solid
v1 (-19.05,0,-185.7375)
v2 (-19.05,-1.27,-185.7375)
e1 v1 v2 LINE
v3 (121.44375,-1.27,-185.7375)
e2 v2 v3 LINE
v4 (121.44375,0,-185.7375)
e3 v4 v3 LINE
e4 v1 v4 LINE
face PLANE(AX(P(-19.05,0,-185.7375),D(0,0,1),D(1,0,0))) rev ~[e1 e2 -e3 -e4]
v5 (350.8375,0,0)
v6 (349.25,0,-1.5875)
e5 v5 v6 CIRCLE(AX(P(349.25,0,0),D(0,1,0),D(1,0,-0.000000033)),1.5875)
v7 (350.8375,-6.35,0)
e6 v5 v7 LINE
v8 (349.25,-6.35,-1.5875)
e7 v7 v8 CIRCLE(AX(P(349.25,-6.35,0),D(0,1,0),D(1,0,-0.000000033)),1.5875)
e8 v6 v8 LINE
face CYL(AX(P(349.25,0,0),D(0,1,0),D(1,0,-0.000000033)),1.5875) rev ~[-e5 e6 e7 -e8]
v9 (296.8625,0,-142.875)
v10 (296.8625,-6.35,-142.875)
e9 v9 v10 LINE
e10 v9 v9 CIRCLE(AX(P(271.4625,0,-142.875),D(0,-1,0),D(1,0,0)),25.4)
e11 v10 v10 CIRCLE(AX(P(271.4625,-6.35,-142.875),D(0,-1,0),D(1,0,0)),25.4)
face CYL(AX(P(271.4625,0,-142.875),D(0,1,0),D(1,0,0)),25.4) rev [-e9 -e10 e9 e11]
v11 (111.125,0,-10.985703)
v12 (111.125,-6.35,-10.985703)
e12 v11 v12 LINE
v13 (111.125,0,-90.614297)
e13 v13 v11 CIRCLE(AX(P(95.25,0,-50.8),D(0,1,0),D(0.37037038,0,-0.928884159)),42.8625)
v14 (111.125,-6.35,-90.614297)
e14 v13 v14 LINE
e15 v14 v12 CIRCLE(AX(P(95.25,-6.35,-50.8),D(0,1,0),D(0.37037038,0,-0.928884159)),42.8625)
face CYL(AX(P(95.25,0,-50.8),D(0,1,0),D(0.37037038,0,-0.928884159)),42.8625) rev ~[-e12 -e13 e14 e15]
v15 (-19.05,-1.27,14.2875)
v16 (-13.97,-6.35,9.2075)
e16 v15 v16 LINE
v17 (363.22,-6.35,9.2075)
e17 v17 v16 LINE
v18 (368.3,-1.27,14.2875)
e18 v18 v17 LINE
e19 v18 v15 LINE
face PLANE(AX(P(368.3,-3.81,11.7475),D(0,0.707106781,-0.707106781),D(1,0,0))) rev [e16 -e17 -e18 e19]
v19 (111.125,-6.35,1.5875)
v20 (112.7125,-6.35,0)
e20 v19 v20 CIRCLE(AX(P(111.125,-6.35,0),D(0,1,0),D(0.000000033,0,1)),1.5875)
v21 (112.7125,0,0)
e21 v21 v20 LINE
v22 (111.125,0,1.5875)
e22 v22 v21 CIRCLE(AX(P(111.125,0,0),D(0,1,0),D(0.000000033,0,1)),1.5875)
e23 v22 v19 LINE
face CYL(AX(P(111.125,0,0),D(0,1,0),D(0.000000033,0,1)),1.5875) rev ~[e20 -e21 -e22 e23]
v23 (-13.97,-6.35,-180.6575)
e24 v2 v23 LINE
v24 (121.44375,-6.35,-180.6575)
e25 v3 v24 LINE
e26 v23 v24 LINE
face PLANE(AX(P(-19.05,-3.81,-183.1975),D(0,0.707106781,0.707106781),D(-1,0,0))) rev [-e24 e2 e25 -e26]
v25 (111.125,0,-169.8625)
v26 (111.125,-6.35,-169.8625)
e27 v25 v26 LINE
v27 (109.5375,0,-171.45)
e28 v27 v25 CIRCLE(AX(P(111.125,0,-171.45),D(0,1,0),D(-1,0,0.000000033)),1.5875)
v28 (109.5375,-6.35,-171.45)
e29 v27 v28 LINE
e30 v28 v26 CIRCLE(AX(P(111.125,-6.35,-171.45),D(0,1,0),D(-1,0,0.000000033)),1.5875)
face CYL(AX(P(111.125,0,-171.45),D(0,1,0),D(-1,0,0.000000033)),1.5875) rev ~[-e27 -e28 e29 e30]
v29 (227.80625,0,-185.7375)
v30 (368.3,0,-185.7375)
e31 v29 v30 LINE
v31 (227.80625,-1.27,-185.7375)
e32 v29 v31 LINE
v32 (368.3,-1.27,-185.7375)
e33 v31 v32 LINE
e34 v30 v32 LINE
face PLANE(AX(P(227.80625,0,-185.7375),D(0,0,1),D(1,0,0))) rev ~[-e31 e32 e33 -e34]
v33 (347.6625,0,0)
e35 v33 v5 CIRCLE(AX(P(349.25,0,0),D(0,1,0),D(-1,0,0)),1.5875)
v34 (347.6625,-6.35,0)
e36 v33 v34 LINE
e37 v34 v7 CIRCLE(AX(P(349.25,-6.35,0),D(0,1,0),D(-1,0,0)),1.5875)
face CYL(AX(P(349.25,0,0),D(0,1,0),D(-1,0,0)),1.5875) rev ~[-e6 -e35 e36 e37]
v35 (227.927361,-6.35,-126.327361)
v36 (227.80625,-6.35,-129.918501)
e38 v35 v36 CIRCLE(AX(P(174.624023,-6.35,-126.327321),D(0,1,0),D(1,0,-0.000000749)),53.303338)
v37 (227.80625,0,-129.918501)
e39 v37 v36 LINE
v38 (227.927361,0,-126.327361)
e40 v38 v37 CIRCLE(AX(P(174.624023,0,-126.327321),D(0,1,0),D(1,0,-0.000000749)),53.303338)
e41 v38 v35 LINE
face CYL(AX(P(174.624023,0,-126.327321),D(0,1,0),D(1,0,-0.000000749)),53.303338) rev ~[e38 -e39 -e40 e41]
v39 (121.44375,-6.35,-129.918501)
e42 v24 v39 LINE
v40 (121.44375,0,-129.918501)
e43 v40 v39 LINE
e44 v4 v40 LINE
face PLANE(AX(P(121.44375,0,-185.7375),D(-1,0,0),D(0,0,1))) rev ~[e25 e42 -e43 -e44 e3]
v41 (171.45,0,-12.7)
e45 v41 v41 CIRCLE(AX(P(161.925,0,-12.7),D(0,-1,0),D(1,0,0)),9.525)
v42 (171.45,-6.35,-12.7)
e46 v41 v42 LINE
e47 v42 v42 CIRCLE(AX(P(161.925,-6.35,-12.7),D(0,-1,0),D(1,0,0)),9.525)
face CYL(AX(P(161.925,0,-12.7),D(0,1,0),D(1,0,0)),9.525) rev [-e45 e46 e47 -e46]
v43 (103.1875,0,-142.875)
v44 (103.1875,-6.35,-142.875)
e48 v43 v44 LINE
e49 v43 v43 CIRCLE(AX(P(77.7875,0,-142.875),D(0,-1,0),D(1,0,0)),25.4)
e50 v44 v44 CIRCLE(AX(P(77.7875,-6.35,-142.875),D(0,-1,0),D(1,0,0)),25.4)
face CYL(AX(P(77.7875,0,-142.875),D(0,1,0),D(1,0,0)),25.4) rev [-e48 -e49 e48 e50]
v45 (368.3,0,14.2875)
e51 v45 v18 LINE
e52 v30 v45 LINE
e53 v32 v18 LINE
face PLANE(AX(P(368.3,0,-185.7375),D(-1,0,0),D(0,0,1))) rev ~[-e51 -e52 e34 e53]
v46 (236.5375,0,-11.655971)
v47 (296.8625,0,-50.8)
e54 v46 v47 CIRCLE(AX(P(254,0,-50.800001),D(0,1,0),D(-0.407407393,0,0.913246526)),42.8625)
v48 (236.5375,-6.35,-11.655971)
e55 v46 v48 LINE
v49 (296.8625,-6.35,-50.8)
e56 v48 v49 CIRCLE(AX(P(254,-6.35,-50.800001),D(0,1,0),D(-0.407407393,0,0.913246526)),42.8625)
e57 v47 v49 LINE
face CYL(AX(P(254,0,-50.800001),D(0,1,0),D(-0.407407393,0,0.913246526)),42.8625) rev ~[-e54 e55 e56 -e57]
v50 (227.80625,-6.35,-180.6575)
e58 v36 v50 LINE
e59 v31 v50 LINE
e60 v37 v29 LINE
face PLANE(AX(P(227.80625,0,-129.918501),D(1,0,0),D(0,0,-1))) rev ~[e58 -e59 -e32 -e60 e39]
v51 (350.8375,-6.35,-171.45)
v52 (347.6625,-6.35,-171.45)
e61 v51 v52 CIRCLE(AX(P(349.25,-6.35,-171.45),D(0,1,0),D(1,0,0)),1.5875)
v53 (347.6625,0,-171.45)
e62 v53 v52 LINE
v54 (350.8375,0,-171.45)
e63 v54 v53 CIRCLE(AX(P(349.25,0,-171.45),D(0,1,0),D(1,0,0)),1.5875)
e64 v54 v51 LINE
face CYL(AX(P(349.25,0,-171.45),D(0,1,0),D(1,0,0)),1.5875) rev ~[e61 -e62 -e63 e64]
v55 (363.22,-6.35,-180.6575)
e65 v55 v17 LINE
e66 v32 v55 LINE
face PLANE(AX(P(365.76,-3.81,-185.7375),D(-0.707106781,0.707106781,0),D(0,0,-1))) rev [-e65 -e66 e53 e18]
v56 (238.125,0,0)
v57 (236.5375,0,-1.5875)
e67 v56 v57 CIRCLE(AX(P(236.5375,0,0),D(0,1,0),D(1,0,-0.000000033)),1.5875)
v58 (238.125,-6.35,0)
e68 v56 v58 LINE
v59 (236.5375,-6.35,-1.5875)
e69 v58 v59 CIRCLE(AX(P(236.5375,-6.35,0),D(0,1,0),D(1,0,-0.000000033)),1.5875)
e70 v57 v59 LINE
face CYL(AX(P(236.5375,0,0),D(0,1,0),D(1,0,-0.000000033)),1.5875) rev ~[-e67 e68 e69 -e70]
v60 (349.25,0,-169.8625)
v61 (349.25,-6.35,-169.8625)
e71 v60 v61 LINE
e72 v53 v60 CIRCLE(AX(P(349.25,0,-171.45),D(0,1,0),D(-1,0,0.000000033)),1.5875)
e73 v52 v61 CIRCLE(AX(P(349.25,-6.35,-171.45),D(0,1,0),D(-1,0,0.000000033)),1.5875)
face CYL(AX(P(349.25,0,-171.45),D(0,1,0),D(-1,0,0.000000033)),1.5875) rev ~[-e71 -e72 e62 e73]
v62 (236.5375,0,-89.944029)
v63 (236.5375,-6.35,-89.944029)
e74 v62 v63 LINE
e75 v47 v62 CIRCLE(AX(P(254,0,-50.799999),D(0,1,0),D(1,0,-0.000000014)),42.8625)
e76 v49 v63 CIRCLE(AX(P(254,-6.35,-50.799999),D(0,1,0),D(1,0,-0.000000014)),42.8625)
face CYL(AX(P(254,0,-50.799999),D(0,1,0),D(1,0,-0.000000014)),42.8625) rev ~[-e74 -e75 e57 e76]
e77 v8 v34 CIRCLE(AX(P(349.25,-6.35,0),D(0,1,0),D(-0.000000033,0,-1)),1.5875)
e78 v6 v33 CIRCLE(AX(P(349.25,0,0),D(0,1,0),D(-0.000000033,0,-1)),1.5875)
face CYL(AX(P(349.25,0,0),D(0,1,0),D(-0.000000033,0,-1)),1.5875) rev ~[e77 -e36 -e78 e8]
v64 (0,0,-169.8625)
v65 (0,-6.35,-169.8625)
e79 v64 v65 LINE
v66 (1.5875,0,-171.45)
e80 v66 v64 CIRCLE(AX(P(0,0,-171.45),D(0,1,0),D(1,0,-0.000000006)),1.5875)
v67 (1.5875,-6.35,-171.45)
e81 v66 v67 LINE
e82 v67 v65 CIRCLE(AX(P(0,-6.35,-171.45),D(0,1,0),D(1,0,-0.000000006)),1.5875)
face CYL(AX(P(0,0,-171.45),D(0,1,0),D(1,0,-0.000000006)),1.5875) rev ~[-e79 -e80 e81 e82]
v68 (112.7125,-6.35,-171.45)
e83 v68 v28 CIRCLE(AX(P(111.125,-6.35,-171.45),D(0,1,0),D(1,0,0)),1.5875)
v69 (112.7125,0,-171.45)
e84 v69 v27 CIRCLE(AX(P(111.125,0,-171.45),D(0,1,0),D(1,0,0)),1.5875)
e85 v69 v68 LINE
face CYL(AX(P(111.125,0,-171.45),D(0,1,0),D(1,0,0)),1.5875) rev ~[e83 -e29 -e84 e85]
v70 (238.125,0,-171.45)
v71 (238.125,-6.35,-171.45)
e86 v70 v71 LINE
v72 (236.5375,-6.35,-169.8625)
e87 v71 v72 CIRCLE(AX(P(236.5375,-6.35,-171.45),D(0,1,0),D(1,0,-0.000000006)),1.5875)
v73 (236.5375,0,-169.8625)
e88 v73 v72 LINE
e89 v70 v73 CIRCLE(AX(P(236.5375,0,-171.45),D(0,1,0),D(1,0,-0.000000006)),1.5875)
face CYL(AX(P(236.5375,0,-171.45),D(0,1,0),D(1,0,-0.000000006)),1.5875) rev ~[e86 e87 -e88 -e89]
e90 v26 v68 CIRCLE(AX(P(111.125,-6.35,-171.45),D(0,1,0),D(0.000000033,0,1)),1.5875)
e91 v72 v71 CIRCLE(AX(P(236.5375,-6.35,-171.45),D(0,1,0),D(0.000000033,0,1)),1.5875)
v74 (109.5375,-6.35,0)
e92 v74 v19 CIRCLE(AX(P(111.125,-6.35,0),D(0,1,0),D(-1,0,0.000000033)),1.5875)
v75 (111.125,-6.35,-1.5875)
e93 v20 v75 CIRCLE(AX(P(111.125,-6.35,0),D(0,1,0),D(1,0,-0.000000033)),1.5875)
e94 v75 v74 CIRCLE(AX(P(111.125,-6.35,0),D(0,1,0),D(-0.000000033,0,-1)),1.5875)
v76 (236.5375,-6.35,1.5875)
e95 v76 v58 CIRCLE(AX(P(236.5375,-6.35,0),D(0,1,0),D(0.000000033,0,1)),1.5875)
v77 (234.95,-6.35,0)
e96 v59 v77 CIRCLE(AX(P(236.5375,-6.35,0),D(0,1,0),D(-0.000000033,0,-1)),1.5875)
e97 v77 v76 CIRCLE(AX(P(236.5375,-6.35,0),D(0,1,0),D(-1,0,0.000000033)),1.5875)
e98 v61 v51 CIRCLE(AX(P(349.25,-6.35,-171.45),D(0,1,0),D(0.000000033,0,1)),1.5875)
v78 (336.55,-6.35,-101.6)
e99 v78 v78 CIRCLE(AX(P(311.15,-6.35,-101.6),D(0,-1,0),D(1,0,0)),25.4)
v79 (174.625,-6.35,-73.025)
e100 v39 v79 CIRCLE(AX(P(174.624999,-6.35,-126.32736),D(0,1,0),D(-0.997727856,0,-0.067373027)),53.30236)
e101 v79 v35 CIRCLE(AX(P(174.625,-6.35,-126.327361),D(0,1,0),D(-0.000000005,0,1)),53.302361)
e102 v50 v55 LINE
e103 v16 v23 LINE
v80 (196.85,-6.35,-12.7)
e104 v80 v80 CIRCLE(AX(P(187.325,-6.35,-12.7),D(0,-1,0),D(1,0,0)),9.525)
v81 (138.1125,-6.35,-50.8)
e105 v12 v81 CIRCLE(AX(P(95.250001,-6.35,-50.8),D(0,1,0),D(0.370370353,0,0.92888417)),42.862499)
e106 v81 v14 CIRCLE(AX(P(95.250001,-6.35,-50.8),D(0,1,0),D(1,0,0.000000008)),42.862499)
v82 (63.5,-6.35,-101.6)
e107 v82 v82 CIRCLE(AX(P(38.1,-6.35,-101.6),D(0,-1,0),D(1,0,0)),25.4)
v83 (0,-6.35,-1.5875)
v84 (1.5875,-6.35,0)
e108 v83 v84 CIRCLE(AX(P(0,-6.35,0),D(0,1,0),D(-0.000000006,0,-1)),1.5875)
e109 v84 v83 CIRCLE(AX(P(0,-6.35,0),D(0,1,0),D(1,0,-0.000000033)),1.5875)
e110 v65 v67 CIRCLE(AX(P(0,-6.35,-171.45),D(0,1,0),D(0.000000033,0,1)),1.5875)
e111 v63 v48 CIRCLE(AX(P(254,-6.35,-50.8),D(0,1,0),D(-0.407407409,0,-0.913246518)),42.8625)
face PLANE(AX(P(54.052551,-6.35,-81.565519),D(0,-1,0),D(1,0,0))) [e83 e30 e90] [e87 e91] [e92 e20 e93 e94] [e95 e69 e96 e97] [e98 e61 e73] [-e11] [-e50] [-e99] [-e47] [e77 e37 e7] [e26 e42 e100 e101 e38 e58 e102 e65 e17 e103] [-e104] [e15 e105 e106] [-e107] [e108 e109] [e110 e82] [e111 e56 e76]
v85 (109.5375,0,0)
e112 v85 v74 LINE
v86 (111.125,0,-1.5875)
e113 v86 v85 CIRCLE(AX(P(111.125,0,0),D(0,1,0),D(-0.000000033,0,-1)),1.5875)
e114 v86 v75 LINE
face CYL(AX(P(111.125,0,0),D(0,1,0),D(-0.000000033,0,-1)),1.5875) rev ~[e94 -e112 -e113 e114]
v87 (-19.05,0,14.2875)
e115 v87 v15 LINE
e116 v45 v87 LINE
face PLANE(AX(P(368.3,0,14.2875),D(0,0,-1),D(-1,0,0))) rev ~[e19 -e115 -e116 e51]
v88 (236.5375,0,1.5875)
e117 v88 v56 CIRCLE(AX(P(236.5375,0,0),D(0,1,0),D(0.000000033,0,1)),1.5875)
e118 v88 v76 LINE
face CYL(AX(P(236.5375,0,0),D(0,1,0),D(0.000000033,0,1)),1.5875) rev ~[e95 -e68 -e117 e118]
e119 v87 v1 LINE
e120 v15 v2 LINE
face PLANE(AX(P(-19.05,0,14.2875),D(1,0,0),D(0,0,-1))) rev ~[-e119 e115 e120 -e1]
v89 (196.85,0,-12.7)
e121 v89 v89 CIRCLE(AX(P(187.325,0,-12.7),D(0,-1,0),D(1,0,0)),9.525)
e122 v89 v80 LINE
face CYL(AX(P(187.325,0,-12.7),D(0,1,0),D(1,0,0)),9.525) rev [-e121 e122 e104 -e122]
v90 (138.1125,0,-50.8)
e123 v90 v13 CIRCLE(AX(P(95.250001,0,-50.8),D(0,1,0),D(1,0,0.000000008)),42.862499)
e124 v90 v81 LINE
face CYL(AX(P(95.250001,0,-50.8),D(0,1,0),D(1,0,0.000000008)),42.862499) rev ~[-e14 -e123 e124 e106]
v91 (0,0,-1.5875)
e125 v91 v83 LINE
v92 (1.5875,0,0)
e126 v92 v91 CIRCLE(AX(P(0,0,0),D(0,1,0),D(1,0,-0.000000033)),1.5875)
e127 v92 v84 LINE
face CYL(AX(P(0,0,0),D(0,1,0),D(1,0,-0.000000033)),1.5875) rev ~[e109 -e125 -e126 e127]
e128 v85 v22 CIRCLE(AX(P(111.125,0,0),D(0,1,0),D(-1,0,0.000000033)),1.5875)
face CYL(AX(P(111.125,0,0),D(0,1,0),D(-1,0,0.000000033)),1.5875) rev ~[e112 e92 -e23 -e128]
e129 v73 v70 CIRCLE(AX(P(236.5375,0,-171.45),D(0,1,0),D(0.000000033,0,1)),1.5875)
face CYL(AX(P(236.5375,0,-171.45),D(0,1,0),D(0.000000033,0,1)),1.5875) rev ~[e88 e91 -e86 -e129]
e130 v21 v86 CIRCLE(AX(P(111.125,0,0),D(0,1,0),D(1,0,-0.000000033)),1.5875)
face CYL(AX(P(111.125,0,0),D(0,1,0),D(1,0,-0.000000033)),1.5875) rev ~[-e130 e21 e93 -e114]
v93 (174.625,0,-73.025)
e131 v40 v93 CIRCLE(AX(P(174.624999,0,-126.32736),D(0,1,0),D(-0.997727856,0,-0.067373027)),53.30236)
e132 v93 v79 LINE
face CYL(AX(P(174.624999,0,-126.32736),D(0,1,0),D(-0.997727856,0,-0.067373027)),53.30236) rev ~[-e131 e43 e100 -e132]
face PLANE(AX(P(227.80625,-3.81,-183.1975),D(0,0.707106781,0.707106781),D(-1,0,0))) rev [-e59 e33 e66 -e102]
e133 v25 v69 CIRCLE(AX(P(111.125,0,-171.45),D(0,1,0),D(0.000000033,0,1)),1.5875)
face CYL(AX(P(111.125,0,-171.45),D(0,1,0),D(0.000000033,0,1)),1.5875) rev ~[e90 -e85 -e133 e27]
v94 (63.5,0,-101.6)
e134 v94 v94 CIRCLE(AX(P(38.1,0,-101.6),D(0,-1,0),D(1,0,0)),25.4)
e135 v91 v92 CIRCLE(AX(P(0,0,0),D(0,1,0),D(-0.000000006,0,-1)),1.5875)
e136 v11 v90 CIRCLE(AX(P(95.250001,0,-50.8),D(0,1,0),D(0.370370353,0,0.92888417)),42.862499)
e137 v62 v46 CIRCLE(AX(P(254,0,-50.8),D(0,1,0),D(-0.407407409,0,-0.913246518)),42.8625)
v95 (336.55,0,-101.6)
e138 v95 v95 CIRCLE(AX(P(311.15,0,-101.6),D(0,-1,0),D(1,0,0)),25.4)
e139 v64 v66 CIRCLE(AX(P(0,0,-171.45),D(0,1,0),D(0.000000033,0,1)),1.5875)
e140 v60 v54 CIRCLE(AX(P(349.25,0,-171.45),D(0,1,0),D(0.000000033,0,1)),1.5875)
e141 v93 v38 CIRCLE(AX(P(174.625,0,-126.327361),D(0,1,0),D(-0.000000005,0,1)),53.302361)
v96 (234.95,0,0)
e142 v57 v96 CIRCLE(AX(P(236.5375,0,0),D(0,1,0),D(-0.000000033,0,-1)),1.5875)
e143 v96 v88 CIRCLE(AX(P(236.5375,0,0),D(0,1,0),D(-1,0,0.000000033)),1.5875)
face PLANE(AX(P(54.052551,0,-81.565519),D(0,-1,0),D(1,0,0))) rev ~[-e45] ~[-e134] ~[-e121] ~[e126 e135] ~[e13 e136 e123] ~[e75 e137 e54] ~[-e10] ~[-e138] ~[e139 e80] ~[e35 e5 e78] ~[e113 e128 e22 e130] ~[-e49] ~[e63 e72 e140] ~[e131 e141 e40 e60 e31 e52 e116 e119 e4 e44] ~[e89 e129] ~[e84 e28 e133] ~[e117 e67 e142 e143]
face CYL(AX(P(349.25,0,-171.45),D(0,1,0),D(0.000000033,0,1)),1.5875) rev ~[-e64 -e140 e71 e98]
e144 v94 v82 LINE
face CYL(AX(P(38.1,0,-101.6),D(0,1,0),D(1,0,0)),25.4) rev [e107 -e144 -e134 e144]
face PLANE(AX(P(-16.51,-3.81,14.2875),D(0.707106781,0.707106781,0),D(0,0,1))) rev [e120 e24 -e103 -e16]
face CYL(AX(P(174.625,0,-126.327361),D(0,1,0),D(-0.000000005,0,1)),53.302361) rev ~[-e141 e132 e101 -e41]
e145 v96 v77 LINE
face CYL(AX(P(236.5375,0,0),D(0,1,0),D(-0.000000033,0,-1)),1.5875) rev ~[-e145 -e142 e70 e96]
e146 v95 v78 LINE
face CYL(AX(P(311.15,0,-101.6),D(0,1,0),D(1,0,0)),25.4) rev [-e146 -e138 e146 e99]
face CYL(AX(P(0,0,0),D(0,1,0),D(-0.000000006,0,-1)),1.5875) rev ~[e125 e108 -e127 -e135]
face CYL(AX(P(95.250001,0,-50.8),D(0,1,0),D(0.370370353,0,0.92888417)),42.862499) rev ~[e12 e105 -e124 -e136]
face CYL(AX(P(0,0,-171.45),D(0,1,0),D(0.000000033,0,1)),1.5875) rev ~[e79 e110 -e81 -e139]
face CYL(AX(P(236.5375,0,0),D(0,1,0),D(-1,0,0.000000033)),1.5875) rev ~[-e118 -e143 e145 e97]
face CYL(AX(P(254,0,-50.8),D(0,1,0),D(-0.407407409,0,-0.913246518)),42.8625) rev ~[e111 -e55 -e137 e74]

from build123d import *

# Parameters (mm, degrees)
F0_R     = 25.4
F0_R_2   = 9.525
F1_DEPTH = 6.35
F2_SIZE  = 5.08


with BuildPart() as f1:
    # F0 (on Front) → F1 (new body)
    with BuildSketch(Plane.XZ):
        with BuildLine():
            Line((109.5375, 0), (1.5875, 0))
            ThreePointArc((1.5875, 0), (1.122532, -1.122532), (0, -1.5875))
            Line((0, -1.5875), (0, -169.8625))
            ThreePointArc((0, -169.8625), (1.122532, -170.327468), (1.5875, -171.45))
            Line((1.5875, -171.45), (109.5375, -171.45))
            ThreePointArc((109.5375, -171.45), (110.002468, -170.327468), (111.125, -169.8625))
            Line((111.125, -169.8625), (111.125, -90.614297))
            ThreePointArc((111.125, -90.614297), (52.3875, -50.8), (111.125, -10.985703))
            Line((111.125, -10.985703), (111.125, -1.5875))
            ThreePointArc((111.125, -1.5875), (110.002468, -1.122532), (109.5375, 0))
        make_face()
        with Locations((77.7875, -142.875)):
            Circle(F0_R, mode=Mode.SUBTRACT)
        with Locations((38.1, -101.6)):
            Circle(F0_R, mode=Mode.SUBTRACT)
        with BuildLine():
            ThreePointArc((0, -1.5875), (-1.122532, 1.122532), (1.5875, 0))
            Line((1.5875, 0), (109.5375, 0))
            ThreePointArc((109.5375, 0), (110.002468, 1.122532), (111.125, 1.5875))
            Line((111.125, 1.5875), (111.125, 14.2875))
            Line((111.125, 14.2875), (-19.05, 14.2875))
            Line((-19.05, 14.2875), (-19.05, -185.7375))
            Line((-19.05, -185.7375), (121.44375, -185.7375))
            Line((121.44375, -185.7375), (121.44375, -129.918501))
            ThreePointArc((121.44375, -129.918501), (135.685573, -89.928697), (174.625, -73.025))
            Line((174.625, -73.025), (174.625, 0))
            Line((174.625, 0), (112.7125, 0))
            ThreePointArc((112.7125, 0), (112.247532, -1.122532), (111.125, -1.5875))
            Line((111.125, -1.5875), (111.125, -10.985703))
            ThreePointArc((111.125, -10.985703), (130.729826, -26.750554), (138.1125, -50.8))
            ThreePointArc((138.1125, -50.8), (130.729826, -74.849446), (111.125, -90.614297))
            Line((111.125, -90.614297), (111.125, -169.8625))
            ThreePointArc((111.125, -169.8625), (112.247532, -170.327468), (112.7125, -171.45))
            ThreePointArc((112.7125, -171.45), (111.125, -173.0375), (109.5375, -171.45))
            Line((109.5375, -171.45), (1.5875, -171.45))
            ThreePointArc((1.5875, -171.45), (-1.122532, -172.572532), (0, -169.8625))
            Line((0, -169.8625), (0, -1.5875))
        make_face()
        with Locations((161.925, -12.7)):
            Circle(F0_R_2, mode=Mode.SUBTRACT)
        with BuildLine():
            Line((234.95, 0), (174.625, 0))
            Line((174.625, 0), (174.625, -73.025))
            ThreePointArc((174.625, -73.025), (212.315461, -88.6369), (227.927361, -126.327361))
            ThreePointArc((227.927361, -126.327361), (227.897074, -128.123951), (227.80625, -129.918501))
            Line((227.80625, -129.918501), (227.80625, -185.7375))
            Line((227.80625, -185.7375), (368.3, -185.7375))
            Line((368.3, -185.7375), (368.3, 14.2875))
            Line((368.3, 14.2875), (236.5375, 14.2875))
            Line((236.5375, 14.2875), (236.5375, 1.5875))
            ThreePointArc((236.5375, 1.5875), (237.660032, 1.122532), (238.125, 0))
            Line((238.125, 0), (347.6625, 0))
            ThreePointArc((347.6625, 0), (349.25, 1.5875), (350.8375, 0))
            ThreePointArc((350.8375, 0), (350.372532, -1.122532), (349.25, -1.5875))
            Line((349.25, -1.5875), (349.25, -169.8625))
            ThreePointArc((349.25, -169.8625), (350.372532, -170.327468), (350.8375, -171.45))
            ThreePointArc((350.8375, -171.45), (349.25, -173.0375), (347.6625, -171.45))
            Line((347.6625, -171.45), (238.125, -171.45))
            ThreePointArc((238.125, -171.45), (235.414968, -172.572532), (236.5375, -169.8625))
            Line((236.5375, -169.8625), (236.5375, -89.944029))
            ThreePointArc((236.5375, -89.944029), (211.1375, -50.8), (236.5375, -11.655971))
            Line((236.5375, -11.655971), (236.5375, -1.5875))
            ThreePointArc((236.5375, -1.5875), (235.414968, -1.122532), (234.95, 0))
        make_face()
        with Locations((187.325, -12.7)):
            Circle(F0_R_2, mode=Mode.SUBTRACT)
        with BuildLine():
            Line((111.125, 14.2875), (111.125, 1.5875))
            ThreePointArc((111.125, 1.5875), (112.247532, 1.122532), (112.7125, 0))
            Line((112.7125, 0), (174.625, 0))
            Line((174.625, 0), (234.95, 0))
            ThreePointArc((234.95, 0), (235.414968, 1.122532), (236.5375, 1.5875))
            Line((236.5375, 1.5875), (236.5375, 14.2875))
            Line((236.5375, 14.2875), (111.125, 14.2875))
        make_face()
        with BuildLine():
            ThreePointArc((238.125, 0), (237.660032, -1.122532), (236.5375, -1.5875))
            Line((236.5375, -1.5875), (236.5375, -11.655971))
            ThreePointArc((236.5375, -11.655971), (277.33139, -14.843914), (296.8625, -50.8))
            ThreePointArc((296.8625, -50.8), (277.33139, -86.756086), (236.5375, -89.944029))
            Line((236.5375, -89.944029), (236.5375, -169.8625))
            ThreePointArc((236.5375, -169.8625), (237.660032, -170.327468), (238.125, -171.45))
            Line((238.125, -171.45), (347.6625, -171.45))
            ThreePointArc((347.6625, -171.45), (348.127468, -170.327468), (349.25, -169.8625))
            Line((349.25, -169.8625), (349.25, -1.5875))
            ThreePointArc((349.25, -1.5875), (348.127468, -1.122532), (347.6625, 0))
            Line((347.6625, 0), (238.125, 0))
        make_face()
        with Locations((271.4625, -142.875)):
            Circle(F0_R, mode=Mode.SUBTRACT)
        with Locations((311.15, -101.6)):
            Circle(F0_R, mode=Mode.SUBTRACT)
    extrude(amount=F1_DEPTH)

    # F2
    f2_edges = [f1.edges().sort_by_distance(p)[0] for p in [
        (174.625, -6.35, 14.2875),
        (298.053125, -6.35, -185.7375),
        (368.3, -6.35, -85.725),
        (51.196875, -6.35, -185.7375),
        (-19.05, -6.35, -85.725),
    ]]
    chamfer(f2_edges, length=F2_SIZE)


solid = f1.part
